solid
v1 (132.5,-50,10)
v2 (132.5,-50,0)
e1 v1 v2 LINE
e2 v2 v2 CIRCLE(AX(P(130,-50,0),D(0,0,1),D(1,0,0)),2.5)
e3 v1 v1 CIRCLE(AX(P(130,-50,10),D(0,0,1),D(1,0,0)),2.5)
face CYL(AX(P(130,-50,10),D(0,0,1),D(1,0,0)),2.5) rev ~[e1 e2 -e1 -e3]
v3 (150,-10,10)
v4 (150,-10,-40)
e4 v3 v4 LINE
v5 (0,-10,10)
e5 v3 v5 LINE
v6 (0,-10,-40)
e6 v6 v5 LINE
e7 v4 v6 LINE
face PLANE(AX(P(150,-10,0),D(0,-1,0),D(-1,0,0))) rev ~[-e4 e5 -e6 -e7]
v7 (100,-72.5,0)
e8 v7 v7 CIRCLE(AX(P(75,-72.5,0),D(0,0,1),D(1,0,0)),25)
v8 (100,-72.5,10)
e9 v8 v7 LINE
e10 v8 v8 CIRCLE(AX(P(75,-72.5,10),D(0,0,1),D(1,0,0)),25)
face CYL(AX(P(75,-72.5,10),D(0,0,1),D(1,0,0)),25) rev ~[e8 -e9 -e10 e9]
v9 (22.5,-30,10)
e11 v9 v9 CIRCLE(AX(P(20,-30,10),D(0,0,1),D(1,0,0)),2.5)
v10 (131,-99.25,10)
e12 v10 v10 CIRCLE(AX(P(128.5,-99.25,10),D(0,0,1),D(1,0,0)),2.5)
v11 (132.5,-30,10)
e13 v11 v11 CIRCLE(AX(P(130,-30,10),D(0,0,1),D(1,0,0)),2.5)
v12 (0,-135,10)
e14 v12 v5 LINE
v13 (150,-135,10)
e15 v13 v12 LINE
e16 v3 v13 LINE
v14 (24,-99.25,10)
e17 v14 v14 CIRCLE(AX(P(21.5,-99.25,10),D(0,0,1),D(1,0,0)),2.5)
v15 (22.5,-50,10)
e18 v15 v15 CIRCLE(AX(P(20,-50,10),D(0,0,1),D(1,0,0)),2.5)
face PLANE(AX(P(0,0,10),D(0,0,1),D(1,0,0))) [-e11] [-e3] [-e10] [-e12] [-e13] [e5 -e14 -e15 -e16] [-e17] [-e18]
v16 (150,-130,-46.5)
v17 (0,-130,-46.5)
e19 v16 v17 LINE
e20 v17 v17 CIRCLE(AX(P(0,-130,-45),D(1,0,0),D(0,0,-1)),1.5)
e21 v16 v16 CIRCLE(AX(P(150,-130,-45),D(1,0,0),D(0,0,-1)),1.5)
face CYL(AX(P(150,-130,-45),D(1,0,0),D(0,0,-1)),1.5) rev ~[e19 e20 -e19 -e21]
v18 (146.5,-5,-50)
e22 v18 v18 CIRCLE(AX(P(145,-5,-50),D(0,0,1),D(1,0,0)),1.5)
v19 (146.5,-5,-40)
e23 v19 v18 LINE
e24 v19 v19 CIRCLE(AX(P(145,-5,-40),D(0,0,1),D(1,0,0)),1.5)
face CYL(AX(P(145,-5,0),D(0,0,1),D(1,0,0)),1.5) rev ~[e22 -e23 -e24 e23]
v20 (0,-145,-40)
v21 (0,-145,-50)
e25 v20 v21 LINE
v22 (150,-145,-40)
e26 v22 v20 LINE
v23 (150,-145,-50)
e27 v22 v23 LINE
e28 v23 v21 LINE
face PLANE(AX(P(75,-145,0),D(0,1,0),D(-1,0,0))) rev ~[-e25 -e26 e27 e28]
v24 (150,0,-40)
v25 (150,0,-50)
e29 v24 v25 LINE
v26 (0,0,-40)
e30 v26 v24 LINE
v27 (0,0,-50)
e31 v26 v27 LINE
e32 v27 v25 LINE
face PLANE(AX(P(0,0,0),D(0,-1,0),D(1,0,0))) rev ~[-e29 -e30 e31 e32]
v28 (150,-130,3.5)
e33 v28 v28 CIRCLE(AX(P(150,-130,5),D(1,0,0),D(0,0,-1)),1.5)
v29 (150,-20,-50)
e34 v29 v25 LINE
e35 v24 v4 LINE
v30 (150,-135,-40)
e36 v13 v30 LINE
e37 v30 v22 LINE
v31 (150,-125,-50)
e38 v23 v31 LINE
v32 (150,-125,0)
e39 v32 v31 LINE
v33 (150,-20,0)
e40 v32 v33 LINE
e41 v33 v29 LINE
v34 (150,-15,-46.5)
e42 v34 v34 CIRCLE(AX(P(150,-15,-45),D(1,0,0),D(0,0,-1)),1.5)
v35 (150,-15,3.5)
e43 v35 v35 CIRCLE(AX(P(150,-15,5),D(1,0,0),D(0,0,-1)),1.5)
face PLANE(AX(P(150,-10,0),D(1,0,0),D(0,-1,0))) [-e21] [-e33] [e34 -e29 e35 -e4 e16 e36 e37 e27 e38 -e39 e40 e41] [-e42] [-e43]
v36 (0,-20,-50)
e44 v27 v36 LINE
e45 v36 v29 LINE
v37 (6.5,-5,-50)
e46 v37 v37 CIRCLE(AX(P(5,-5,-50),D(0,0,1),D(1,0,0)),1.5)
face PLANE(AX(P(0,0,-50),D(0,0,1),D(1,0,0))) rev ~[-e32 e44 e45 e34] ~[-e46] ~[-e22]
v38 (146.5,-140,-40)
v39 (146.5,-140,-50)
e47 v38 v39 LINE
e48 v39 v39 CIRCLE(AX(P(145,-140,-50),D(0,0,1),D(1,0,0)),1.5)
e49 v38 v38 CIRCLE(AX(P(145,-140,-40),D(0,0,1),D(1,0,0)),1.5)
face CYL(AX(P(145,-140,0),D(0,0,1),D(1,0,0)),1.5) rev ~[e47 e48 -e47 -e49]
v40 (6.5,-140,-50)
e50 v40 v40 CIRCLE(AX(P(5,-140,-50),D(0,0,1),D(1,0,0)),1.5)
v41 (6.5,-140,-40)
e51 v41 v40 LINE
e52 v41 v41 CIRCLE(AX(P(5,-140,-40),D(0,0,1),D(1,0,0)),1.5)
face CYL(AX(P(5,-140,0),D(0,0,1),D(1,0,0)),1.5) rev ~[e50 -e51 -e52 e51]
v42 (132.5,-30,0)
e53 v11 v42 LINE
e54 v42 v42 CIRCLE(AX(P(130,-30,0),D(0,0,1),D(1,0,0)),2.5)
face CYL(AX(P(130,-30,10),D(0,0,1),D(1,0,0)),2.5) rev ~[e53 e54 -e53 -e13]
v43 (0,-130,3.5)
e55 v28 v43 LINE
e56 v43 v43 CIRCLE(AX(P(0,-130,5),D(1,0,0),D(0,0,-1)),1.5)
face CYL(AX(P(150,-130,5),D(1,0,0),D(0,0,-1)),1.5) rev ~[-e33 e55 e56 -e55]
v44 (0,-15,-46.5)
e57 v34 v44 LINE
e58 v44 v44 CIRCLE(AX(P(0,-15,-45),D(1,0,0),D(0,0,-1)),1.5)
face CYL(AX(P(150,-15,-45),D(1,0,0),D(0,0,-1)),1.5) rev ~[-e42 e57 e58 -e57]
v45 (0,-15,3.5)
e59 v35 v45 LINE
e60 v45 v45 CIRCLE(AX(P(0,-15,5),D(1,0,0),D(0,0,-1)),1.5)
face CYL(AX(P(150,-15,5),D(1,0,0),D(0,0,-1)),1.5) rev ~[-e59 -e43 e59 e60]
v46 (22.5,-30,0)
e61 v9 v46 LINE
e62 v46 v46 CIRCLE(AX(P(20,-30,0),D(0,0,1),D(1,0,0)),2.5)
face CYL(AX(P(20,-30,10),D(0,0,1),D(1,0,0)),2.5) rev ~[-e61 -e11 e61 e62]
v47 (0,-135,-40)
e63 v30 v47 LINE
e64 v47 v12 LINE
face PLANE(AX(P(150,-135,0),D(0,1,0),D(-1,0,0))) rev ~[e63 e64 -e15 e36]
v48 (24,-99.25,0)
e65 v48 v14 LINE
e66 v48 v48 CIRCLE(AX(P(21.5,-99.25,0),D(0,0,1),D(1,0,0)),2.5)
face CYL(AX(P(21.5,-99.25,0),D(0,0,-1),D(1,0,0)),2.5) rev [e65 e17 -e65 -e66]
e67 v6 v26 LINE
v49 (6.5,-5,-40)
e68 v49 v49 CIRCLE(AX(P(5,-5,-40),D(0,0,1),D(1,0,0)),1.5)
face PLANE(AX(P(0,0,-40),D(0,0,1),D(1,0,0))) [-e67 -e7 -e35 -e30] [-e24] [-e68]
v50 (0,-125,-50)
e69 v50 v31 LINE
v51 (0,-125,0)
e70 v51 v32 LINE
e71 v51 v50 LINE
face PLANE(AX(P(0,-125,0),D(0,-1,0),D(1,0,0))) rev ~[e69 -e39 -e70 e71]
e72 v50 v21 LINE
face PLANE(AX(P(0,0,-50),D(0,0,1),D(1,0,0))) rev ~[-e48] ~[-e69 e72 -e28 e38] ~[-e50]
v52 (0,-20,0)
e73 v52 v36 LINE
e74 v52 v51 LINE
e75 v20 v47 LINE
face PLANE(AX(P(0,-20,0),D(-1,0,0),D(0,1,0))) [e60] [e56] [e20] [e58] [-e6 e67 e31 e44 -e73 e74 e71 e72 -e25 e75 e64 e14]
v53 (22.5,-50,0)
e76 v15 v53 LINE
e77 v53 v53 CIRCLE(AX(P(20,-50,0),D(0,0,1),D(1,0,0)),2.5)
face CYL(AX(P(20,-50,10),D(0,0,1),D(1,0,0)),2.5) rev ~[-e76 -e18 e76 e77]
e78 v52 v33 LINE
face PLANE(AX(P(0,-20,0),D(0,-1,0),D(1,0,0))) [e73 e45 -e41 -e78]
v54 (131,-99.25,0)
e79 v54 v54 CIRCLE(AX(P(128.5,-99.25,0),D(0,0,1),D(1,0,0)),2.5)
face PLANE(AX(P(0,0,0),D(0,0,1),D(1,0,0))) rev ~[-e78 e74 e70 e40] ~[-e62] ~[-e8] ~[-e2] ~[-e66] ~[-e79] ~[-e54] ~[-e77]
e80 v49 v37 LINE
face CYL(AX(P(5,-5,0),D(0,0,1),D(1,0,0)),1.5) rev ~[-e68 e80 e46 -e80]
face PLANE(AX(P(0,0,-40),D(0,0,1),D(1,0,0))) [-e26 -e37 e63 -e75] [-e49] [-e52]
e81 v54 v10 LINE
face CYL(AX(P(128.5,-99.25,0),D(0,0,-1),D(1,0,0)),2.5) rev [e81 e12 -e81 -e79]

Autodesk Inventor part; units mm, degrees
ref_plane "YZ Plane" through (0, 0, 0) normal (1, 0, 0) x (0, 1, 0)
ref_plane "XZ Plane" through (0, 0, 0) normal (0, 1, 0) x (-1, 0, 0)
ref_plane "XY Plane" through (0, 0, 0) normal (0, 0, 1) x (1, 0, 0)
sketch "스케치1" plane through (0, 0, 0) normal (0, 0, 1) x (1, 0, 0)
  line L0 (0, 0) -> (150, 0)
  line L1 (150, 0) -> (150, -145)
  line L2 (150, -145) -> (0, -145)
  line L3 (0, -145) -> (0, 0)
  line L4 (0, -20) -> (150, -20)
  line L5 (0, -125) -> (150, -125)
  line L6 (150, -135) -> (0, -135)
  line L7 (150, -10) -> (0, -10)
  circle A0 centre (21.5, -99.25) radius 2.5
  line L8 (75, -145) -> (75, -139.9922)
  circle A1 centre (128.5, -99.25) radius 2.5
  circle A2 centre (5, -5) radius 1.5
  circle A3 centre (145, -5) radius 1.5
  circle A4 centre (5, -140) radius 1.5
  circle A5 centre (145, -140) radius 1.5
  dimension "d0" = 150
  dimension "d1" = 145
  dimension "d2" = 20
  dimension "d3" = 20
  dimension "d8" = 10
  dimension "d9" = 10
  dimension "d21" = 45.75
  dimension "d22" = 21.5
  dimension "d23" = 5
  dimension "d24" = 3
  dimension "d25" = 5
  dimension "d26" = 5
  dimension "d27" = 5
  dimension "d28" = 5
  dimension "d29" = 5
extrude "돌출1" add sketch "스케치1" along normal blind 10 contours L7 L1 L4 L3 | L4 L1 L5 L3 | L5 L1 L6 L3
extrude "돌출2" add sketch "스케치1" against normal blind 50 contours L0 L1 L7 L3 | L7 L1 L4 L3 | L5 L1 L6 L3 | L6 L1 L2 L3 | A2 | A3 | A4 | A5
extrude "돌출3" cut sketch "스케치1" against normal blind 40 contours L0 L1 L7 L3 | L6 L1 L2 L3 | A2 | A3 | A4 | A5
sketch "스케치2" plane through (0, 0, 10) normal (0, 0, 1) x (1, 0, 0)
  circle A0 centre (20, -30) radius 2.5
  circle A1 centre (130, -30) radius 2.5
  line L0 (150, -135) -> (150, -10) projected
  line L1 (0, -10) -> (0, -135) projected
  line L2 (0, 0) -> (150, 0) projected
  circle A2 centre (20, -50) radius 2.5
  circle A3 centre (130, -50) radius 2.5
  circle A4 centre (75, -72.5) radius 25
  point P0 (0, -72.5)
  point P1 (0, -72.5)
  point P2 (75, 0)
  dimension "d14" = 20
  dimension "d15" = 20
  dimension "d16" = 5
  dimension "d17" = 30
  dimension "d18" = 5
  dimension "d19" = 20
  dimension "d20" = 50
extrude "돌출4" cut sketch "스케치2" against normal through all
extrude "돌출5" cut sketch "스케치1" against normal through all contours A2 | A3 | A4 | A5
sketch "스케치3" plane through (150, -135, 10) normal (1, 0, 0) x (0, 0, -1)
  circle A0 centre (55, 120) radius 1.5
  circle A1 centre (5, 120) radius 1.5
  circle A2 centre (5, 5) radius 1.5
  circle A3 centre (55, 5) radius 1.5
  line L0 (50, -10) -> (60, -10) projected
  line L1 (0, 0) -> (0, 125) projected
  line L2 (10, 10) -> (10, 115) projected
  line L3 (0, 0) -> (50, 0) projected
  line L4 (10, 10) -> (60, 10) projected
  point P0 (10, 135)
  point P1 (55, -10)
  dimension "d32" = 3
  dimension "d33" = 10
  dimension "d34" = 5
  dimension "d35" = 10
  dimension "d36" = 5
  dimension "d37" = 5
extrude "돌출6" cut sketch "스케치3" against normal through all
equation "\"d8\" = 0.5 * d2"
equation "\"d9\" = d8"
equation "\"d25\" = 0.5 * d9"
equation "\"d26\" = d25"
equation "\"d27\" = d25"
equation "\"d28\" = d25"
equation "\"d29\" = d27"
equation "\"d34\" = 0.5 * d33"
equation "\"d36\" = 0.5 * d35"
equation "\"d37\" = 0.5 * d35"
properties part number "WheelCorver_3D 인쇄"
